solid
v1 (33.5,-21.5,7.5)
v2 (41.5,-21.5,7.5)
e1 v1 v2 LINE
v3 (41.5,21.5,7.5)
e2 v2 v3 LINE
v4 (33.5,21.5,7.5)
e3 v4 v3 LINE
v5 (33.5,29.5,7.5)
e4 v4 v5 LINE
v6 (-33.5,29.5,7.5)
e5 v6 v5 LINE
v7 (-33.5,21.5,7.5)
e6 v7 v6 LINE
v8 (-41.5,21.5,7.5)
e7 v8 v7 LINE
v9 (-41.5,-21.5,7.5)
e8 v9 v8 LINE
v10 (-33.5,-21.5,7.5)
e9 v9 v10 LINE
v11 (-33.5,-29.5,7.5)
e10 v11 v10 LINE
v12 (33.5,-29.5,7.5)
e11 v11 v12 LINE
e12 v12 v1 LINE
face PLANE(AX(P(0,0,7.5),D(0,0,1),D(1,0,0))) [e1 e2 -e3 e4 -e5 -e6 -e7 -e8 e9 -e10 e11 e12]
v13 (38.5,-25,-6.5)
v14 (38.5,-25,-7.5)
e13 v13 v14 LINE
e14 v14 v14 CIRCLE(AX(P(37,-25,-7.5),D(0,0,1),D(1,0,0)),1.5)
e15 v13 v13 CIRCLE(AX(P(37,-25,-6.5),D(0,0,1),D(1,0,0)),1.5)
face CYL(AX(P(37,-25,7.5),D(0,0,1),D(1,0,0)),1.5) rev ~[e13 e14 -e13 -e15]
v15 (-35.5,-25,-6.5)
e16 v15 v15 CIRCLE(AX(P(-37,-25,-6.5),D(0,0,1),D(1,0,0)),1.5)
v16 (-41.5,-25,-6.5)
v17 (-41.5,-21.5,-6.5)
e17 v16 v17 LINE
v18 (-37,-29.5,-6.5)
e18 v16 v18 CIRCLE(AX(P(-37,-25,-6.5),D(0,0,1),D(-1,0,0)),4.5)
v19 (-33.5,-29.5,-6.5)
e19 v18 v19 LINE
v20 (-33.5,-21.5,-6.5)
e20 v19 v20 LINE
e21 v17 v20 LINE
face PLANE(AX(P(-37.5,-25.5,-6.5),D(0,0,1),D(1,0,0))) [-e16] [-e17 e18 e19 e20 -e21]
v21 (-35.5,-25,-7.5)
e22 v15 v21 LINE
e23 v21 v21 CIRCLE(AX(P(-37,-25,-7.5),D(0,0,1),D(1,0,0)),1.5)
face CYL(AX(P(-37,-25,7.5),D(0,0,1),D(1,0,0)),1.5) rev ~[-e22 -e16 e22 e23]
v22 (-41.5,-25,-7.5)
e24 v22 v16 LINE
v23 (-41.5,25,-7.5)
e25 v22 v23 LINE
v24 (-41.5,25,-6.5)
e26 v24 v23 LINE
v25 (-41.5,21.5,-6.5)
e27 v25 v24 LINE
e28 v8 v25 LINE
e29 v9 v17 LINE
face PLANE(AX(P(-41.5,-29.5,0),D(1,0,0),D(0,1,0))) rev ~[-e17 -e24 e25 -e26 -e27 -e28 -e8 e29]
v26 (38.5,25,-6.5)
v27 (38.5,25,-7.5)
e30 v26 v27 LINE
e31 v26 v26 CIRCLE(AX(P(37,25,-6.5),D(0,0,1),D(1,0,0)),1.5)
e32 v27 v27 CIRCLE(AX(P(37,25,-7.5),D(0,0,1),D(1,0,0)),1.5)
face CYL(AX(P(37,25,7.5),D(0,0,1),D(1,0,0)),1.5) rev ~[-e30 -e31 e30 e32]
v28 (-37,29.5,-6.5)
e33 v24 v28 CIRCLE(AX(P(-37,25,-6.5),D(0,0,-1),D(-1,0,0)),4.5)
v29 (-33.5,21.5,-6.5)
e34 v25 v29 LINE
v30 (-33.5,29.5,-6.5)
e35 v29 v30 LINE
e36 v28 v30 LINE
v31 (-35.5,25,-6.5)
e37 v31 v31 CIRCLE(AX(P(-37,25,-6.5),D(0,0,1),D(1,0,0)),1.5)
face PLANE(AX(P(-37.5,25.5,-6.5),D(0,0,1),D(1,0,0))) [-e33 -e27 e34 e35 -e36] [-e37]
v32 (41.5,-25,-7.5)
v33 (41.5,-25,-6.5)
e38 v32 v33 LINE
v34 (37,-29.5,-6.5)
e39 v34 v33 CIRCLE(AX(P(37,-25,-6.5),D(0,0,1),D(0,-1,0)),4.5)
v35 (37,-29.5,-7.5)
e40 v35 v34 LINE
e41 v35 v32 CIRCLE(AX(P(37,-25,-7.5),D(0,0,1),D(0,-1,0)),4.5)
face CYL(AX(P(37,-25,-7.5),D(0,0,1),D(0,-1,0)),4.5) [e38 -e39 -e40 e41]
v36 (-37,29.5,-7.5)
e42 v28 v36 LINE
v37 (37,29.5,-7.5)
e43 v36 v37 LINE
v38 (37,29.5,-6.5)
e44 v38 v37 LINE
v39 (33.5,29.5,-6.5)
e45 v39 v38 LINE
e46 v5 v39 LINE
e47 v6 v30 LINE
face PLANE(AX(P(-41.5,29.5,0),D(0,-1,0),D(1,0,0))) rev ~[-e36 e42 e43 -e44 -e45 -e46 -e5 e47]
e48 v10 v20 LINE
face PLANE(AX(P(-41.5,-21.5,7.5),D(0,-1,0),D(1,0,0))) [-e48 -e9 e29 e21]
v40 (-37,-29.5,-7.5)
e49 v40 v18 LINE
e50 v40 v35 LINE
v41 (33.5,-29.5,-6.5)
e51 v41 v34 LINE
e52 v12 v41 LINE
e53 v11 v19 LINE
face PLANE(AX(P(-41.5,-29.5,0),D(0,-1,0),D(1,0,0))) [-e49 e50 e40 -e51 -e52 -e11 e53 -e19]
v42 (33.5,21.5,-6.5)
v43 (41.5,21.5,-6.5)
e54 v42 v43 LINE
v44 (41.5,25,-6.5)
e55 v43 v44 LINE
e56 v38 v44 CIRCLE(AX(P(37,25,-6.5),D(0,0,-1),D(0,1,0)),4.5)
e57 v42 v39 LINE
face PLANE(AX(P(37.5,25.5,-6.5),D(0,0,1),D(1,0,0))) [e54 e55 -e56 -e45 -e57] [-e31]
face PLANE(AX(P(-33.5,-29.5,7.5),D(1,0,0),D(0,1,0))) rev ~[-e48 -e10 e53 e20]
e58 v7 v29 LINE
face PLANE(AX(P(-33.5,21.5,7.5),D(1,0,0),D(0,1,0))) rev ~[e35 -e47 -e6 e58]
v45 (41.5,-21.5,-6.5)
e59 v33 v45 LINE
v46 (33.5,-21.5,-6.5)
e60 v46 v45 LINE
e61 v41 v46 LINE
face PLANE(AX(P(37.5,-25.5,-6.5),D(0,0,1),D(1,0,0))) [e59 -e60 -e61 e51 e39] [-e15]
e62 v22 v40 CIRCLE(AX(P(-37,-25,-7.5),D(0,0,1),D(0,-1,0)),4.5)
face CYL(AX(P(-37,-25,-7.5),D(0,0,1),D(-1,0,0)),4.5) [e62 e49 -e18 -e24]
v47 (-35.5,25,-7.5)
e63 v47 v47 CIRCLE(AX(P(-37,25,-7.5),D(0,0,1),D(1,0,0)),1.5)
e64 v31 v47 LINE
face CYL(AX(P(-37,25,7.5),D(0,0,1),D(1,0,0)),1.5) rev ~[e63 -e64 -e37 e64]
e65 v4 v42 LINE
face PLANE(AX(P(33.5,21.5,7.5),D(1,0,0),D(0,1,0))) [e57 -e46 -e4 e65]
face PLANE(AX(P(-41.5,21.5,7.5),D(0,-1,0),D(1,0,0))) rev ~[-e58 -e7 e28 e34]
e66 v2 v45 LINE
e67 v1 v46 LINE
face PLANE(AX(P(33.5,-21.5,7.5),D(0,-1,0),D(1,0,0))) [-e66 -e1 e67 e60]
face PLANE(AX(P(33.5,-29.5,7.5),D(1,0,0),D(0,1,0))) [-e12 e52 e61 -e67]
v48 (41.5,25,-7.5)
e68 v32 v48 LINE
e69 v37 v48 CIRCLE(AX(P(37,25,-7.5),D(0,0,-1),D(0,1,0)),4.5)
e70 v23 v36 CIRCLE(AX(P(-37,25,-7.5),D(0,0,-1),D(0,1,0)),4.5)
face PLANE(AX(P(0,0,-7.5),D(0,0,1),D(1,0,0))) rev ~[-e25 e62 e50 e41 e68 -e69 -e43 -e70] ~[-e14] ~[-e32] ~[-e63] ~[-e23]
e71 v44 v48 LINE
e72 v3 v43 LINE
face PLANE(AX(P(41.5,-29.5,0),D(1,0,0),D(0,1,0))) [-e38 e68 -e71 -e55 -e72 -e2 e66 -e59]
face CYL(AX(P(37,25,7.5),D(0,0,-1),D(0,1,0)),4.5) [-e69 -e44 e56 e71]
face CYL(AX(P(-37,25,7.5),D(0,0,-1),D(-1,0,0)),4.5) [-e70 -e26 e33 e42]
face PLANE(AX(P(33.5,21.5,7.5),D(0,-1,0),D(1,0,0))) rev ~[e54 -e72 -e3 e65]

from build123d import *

# Parameters (mm, degrees)
F0_W     = 83
F0_H     = 59
F1_DEPTH = 7.5
F2_R     = 1.5
F3_DEPTH = 15.001
F4_R     = 4.5
F5_W     = 8
F5_H     = 8
F6_DEPTH = 14


with BuildPart() as f1:
    # F0 (on Top) → F1 (new body, symmetric)
    with BuildSketch(Plane.XY):
        Rectangle(F0_W, F0_H)
    extrude(amount=F1_DEPTH, both=True)

    # F2 (on face) → F3 (cut, through all)
    with BuildSketch(Plane.XY.offset(7.5)):
        with Locations((-37, 25)):
            Circle(F2_R)
        with Locations((37, 25)):
            Circle(F2_R)
        with Locations((-37, -25)):
            Circle(F2_R)
        with Locations((37, -25)):
            Circle(F2_R)
    extrude(amount=-F3_DEPTH, mode=Mode.SUBTRACT)

    # F4
    f4_edges = [f1.edges().sort_by_distance(p)[0] for p in [
        (-41.5, 29.5, 0),
        (-41.5, -29.5, 0),
        (41.5, -29.5, 0),
        (41.5, 29.5, 0),
    ]]
    fillet(f4_edges, radius=F4_R)

    # F5 (on face) → F6 (cut)
    with BuildSketch(Plane.XY.offset(7.5)):
        with Locations((-37.5, 25.5)):
            Rectangle(F5_W, F5_H)
        with Locations((37.5, 25.5)):
            Rectangle(F5_W, F5_H)
        with Locations((-37.5, -25.5)):
            Rectangle(F5_W, F5_H)
        with Locations((37.5, -25.5)):
            Rectangle(F5_W, F5_H)
    extrude(amount=-F6_DEPTH, mode=Mode.SUBTRACT)


solid = f1.part
